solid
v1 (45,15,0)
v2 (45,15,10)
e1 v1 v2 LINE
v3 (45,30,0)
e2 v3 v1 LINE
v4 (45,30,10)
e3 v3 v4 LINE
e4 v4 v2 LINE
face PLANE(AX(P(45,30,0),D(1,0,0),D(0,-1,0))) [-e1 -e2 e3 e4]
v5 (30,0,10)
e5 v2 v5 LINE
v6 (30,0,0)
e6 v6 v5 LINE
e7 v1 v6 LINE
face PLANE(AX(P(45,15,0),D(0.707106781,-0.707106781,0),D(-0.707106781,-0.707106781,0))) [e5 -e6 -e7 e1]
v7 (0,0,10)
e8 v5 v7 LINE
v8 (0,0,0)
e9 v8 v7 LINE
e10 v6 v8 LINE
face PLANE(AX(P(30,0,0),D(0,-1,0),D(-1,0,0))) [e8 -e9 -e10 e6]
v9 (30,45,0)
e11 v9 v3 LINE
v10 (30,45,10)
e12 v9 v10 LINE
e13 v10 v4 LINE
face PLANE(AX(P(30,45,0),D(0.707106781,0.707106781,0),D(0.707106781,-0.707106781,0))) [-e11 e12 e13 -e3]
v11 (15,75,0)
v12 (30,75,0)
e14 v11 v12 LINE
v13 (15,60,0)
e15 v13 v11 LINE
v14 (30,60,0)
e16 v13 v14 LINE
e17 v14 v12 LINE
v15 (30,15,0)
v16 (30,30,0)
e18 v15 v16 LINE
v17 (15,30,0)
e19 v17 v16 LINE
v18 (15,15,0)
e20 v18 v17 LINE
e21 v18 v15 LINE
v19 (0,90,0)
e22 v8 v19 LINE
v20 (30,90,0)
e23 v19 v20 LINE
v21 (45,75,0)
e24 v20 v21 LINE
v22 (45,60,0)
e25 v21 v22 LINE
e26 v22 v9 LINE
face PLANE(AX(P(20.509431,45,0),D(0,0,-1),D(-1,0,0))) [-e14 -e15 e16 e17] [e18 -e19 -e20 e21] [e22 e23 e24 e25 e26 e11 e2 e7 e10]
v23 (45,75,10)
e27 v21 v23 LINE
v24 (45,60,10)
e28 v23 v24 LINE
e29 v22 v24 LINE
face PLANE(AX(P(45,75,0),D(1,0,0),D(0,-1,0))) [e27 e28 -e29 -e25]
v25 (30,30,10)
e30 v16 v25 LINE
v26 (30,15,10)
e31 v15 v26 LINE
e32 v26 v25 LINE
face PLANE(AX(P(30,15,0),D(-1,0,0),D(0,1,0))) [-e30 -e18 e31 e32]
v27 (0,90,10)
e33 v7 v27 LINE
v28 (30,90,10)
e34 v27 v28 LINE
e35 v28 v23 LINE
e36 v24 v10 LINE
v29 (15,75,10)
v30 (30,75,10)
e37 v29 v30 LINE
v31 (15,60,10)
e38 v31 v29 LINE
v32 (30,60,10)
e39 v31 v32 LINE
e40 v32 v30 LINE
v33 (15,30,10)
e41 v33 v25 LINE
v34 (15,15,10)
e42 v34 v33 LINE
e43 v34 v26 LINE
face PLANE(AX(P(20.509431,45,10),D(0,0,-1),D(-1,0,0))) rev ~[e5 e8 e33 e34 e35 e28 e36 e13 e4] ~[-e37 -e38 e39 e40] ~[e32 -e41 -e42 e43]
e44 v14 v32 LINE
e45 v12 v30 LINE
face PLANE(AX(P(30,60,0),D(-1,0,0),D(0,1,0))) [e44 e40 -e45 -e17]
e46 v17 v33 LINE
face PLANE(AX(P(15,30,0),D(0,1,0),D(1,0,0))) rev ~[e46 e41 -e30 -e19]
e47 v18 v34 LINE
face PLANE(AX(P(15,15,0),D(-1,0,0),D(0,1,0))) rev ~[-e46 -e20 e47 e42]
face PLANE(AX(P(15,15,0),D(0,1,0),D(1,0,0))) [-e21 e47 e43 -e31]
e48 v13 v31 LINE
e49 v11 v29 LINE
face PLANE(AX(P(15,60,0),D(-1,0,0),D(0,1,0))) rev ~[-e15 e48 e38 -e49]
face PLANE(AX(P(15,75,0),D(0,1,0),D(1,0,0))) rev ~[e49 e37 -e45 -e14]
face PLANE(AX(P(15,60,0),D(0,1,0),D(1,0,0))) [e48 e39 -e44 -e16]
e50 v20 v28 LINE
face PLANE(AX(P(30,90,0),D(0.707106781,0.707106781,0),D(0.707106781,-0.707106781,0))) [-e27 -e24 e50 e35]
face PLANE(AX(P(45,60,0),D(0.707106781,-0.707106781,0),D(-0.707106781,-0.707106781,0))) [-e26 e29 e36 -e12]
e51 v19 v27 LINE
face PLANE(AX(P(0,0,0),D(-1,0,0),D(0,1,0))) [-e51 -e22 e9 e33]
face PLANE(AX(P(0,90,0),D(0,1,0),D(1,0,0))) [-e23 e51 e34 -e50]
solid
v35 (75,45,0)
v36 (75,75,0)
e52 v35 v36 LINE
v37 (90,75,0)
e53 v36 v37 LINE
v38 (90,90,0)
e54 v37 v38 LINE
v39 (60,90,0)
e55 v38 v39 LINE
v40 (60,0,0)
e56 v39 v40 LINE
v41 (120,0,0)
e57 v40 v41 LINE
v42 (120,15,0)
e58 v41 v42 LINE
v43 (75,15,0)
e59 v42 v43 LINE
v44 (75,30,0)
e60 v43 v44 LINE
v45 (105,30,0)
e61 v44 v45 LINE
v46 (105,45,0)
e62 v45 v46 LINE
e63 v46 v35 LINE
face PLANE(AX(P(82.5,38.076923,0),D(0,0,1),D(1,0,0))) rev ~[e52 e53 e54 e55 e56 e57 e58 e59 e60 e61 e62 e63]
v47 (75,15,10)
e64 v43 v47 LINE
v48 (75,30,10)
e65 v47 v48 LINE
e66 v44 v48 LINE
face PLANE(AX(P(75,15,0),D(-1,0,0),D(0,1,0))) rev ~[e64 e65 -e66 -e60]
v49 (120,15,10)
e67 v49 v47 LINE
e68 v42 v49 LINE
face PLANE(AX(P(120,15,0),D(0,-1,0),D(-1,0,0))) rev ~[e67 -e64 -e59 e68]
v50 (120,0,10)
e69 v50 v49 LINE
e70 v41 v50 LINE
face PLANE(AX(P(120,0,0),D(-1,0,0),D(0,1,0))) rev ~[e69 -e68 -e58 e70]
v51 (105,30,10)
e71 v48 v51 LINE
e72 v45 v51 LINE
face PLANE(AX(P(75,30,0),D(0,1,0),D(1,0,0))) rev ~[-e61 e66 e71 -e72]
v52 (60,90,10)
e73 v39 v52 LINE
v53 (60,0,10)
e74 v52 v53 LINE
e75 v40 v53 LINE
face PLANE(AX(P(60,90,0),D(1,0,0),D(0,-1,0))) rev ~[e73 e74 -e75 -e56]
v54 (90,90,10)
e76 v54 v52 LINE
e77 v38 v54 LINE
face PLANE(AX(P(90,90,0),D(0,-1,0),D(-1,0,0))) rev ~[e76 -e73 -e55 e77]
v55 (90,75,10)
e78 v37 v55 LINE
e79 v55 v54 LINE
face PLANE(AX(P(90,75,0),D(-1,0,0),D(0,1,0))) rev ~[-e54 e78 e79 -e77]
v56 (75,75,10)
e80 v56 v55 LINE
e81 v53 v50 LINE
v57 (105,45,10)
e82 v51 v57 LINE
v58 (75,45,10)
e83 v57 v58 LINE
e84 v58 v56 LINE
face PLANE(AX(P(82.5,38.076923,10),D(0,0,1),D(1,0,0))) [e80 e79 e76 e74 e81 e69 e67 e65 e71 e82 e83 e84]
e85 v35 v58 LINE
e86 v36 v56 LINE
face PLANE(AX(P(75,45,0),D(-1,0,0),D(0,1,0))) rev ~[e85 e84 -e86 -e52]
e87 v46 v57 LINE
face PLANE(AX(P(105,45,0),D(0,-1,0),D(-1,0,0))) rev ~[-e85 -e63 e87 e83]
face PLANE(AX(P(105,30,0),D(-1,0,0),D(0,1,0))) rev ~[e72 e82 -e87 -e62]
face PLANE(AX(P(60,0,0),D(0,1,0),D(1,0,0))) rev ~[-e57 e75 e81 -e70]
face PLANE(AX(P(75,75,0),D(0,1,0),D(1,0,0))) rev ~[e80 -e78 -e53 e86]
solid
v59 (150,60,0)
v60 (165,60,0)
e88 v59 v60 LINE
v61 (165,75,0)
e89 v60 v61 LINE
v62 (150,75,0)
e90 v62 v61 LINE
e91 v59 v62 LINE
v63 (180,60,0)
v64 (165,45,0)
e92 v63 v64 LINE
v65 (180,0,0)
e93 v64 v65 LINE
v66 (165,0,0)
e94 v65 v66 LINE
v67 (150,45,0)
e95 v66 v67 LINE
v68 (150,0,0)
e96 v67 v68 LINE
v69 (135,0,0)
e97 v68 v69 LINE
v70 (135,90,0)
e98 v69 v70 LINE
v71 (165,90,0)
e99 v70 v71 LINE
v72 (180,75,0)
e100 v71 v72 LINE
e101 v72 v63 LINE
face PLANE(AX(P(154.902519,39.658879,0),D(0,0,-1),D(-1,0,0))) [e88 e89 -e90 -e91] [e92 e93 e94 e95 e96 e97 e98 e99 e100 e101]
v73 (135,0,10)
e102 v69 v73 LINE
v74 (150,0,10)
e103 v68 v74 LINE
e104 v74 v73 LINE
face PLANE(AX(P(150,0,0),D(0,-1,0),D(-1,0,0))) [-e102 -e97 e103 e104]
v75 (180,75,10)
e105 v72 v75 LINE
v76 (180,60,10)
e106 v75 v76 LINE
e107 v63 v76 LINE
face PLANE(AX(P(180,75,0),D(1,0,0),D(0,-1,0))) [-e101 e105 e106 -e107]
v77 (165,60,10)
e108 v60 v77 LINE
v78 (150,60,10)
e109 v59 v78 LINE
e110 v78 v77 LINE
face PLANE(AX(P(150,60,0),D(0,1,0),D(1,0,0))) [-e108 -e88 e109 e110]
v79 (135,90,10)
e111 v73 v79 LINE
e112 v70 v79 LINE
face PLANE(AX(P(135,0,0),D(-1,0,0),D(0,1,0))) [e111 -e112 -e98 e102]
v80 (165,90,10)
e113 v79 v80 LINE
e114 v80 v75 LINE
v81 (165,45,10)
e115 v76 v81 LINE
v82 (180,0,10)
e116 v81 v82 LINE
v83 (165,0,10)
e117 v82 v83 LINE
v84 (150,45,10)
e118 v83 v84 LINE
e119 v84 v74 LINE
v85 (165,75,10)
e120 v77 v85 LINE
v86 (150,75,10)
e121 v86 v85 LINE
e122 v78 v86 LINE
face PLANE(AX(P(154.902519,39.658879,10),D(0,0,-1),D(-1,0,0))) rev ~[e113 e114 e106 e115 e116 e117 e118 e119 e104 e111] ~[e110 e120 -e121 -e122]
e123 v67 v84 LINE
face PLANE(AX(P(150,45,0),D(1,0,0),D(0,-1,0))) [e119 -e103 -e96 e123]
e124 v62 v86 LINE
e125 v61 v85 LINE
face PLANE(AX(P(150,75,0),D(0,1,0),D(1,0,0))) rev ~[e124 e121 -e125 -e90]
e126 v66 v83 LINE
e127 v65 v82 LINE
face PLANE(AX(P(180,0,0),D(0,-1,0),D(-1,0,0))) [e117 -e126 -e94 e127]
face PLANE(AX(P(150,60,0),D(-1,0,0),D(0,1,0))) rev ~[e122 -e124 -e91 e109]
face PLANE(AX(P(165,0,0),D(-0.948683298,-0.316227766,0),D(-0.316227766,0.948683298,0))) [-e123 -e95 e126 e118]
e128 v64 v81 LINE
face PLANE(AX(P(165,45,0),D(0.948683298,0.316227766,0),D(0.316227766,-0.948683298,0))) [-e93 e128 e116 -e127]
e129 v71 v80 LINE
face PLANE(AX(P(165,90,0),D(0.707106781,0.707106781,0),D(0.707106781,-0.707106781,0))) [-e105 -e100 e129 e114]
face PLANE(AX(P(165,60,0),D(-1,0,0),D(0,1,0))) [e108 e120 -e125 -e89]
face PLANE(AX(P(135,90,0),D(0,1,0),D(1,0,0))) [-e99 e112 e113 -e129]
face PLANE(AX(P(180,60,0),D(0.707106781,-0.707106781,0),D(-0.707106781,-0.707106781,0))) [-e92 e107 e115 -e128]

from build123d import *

# Parameters (mm, degrees)
SKETCH2_W        = 15
SKETCH2_H        = 15
EXTRUDE1_DEPTH   = 10
EXTRUDE1_2_DEPTH = 10
EXTRUDE1_3_DEPTH = 10


with BuildPart() as part:
    # Sketch2 → Extrude1 (new body)
    with BuildSketch(Plane.XY):
        Polygon((30, 0), (0, 0), (0, 90), (30, 90), (45, 75), (45, 60), (30, 45), (45, 30), (45, 15), align=None)
        with Locations((22.5, 67.5)):
            Rectangle(SKETCH2_W, SKETCH2_H, mode=Mode.SUBTRACT)
        with Locations((22.5, 22.5)):
            Rectangle(SKETCH2_W, SKETCH2_H, mode=Mode.SUBTRACT)
    extrude(amount=EXTRUDE1_DEPTH)


with BuildPart() as body_2:
    # Sketch2 → Extrude1 2 (new body)
    with BuildSketch(Plane.XY):
        Polygon((60, 0), (120, 0), (120, 15), (75, 15), (75, 30), (105, 30), (105, 45), (75, 45), (75, 75), (90, 75), (90, 90), (60, 90), align=None)
    extrude(amount=EXTRUDE1_2_DEPTH)


with BuildPart() as body_3:
    # Sketch2 → Extrude1 3 (new body)
    with BuildSketch(Plane.XY):
        Polygon((150, 45), (150, 0), (135, 0), (135, 90), (165, 90), (180, 75), (180, 60), (165, 45), (180, 0), (165, 0), align=None)
        with Locations((157.5, 67.5)):
            Rectangle(SKETCH2_W, SKETCH2_H, mode=Mode.SUBTRACT)
    extrude(amount=EXTRUDE1_3_DEPTH)


solid = Compound([part.part, body_2.part, body_3.part])
